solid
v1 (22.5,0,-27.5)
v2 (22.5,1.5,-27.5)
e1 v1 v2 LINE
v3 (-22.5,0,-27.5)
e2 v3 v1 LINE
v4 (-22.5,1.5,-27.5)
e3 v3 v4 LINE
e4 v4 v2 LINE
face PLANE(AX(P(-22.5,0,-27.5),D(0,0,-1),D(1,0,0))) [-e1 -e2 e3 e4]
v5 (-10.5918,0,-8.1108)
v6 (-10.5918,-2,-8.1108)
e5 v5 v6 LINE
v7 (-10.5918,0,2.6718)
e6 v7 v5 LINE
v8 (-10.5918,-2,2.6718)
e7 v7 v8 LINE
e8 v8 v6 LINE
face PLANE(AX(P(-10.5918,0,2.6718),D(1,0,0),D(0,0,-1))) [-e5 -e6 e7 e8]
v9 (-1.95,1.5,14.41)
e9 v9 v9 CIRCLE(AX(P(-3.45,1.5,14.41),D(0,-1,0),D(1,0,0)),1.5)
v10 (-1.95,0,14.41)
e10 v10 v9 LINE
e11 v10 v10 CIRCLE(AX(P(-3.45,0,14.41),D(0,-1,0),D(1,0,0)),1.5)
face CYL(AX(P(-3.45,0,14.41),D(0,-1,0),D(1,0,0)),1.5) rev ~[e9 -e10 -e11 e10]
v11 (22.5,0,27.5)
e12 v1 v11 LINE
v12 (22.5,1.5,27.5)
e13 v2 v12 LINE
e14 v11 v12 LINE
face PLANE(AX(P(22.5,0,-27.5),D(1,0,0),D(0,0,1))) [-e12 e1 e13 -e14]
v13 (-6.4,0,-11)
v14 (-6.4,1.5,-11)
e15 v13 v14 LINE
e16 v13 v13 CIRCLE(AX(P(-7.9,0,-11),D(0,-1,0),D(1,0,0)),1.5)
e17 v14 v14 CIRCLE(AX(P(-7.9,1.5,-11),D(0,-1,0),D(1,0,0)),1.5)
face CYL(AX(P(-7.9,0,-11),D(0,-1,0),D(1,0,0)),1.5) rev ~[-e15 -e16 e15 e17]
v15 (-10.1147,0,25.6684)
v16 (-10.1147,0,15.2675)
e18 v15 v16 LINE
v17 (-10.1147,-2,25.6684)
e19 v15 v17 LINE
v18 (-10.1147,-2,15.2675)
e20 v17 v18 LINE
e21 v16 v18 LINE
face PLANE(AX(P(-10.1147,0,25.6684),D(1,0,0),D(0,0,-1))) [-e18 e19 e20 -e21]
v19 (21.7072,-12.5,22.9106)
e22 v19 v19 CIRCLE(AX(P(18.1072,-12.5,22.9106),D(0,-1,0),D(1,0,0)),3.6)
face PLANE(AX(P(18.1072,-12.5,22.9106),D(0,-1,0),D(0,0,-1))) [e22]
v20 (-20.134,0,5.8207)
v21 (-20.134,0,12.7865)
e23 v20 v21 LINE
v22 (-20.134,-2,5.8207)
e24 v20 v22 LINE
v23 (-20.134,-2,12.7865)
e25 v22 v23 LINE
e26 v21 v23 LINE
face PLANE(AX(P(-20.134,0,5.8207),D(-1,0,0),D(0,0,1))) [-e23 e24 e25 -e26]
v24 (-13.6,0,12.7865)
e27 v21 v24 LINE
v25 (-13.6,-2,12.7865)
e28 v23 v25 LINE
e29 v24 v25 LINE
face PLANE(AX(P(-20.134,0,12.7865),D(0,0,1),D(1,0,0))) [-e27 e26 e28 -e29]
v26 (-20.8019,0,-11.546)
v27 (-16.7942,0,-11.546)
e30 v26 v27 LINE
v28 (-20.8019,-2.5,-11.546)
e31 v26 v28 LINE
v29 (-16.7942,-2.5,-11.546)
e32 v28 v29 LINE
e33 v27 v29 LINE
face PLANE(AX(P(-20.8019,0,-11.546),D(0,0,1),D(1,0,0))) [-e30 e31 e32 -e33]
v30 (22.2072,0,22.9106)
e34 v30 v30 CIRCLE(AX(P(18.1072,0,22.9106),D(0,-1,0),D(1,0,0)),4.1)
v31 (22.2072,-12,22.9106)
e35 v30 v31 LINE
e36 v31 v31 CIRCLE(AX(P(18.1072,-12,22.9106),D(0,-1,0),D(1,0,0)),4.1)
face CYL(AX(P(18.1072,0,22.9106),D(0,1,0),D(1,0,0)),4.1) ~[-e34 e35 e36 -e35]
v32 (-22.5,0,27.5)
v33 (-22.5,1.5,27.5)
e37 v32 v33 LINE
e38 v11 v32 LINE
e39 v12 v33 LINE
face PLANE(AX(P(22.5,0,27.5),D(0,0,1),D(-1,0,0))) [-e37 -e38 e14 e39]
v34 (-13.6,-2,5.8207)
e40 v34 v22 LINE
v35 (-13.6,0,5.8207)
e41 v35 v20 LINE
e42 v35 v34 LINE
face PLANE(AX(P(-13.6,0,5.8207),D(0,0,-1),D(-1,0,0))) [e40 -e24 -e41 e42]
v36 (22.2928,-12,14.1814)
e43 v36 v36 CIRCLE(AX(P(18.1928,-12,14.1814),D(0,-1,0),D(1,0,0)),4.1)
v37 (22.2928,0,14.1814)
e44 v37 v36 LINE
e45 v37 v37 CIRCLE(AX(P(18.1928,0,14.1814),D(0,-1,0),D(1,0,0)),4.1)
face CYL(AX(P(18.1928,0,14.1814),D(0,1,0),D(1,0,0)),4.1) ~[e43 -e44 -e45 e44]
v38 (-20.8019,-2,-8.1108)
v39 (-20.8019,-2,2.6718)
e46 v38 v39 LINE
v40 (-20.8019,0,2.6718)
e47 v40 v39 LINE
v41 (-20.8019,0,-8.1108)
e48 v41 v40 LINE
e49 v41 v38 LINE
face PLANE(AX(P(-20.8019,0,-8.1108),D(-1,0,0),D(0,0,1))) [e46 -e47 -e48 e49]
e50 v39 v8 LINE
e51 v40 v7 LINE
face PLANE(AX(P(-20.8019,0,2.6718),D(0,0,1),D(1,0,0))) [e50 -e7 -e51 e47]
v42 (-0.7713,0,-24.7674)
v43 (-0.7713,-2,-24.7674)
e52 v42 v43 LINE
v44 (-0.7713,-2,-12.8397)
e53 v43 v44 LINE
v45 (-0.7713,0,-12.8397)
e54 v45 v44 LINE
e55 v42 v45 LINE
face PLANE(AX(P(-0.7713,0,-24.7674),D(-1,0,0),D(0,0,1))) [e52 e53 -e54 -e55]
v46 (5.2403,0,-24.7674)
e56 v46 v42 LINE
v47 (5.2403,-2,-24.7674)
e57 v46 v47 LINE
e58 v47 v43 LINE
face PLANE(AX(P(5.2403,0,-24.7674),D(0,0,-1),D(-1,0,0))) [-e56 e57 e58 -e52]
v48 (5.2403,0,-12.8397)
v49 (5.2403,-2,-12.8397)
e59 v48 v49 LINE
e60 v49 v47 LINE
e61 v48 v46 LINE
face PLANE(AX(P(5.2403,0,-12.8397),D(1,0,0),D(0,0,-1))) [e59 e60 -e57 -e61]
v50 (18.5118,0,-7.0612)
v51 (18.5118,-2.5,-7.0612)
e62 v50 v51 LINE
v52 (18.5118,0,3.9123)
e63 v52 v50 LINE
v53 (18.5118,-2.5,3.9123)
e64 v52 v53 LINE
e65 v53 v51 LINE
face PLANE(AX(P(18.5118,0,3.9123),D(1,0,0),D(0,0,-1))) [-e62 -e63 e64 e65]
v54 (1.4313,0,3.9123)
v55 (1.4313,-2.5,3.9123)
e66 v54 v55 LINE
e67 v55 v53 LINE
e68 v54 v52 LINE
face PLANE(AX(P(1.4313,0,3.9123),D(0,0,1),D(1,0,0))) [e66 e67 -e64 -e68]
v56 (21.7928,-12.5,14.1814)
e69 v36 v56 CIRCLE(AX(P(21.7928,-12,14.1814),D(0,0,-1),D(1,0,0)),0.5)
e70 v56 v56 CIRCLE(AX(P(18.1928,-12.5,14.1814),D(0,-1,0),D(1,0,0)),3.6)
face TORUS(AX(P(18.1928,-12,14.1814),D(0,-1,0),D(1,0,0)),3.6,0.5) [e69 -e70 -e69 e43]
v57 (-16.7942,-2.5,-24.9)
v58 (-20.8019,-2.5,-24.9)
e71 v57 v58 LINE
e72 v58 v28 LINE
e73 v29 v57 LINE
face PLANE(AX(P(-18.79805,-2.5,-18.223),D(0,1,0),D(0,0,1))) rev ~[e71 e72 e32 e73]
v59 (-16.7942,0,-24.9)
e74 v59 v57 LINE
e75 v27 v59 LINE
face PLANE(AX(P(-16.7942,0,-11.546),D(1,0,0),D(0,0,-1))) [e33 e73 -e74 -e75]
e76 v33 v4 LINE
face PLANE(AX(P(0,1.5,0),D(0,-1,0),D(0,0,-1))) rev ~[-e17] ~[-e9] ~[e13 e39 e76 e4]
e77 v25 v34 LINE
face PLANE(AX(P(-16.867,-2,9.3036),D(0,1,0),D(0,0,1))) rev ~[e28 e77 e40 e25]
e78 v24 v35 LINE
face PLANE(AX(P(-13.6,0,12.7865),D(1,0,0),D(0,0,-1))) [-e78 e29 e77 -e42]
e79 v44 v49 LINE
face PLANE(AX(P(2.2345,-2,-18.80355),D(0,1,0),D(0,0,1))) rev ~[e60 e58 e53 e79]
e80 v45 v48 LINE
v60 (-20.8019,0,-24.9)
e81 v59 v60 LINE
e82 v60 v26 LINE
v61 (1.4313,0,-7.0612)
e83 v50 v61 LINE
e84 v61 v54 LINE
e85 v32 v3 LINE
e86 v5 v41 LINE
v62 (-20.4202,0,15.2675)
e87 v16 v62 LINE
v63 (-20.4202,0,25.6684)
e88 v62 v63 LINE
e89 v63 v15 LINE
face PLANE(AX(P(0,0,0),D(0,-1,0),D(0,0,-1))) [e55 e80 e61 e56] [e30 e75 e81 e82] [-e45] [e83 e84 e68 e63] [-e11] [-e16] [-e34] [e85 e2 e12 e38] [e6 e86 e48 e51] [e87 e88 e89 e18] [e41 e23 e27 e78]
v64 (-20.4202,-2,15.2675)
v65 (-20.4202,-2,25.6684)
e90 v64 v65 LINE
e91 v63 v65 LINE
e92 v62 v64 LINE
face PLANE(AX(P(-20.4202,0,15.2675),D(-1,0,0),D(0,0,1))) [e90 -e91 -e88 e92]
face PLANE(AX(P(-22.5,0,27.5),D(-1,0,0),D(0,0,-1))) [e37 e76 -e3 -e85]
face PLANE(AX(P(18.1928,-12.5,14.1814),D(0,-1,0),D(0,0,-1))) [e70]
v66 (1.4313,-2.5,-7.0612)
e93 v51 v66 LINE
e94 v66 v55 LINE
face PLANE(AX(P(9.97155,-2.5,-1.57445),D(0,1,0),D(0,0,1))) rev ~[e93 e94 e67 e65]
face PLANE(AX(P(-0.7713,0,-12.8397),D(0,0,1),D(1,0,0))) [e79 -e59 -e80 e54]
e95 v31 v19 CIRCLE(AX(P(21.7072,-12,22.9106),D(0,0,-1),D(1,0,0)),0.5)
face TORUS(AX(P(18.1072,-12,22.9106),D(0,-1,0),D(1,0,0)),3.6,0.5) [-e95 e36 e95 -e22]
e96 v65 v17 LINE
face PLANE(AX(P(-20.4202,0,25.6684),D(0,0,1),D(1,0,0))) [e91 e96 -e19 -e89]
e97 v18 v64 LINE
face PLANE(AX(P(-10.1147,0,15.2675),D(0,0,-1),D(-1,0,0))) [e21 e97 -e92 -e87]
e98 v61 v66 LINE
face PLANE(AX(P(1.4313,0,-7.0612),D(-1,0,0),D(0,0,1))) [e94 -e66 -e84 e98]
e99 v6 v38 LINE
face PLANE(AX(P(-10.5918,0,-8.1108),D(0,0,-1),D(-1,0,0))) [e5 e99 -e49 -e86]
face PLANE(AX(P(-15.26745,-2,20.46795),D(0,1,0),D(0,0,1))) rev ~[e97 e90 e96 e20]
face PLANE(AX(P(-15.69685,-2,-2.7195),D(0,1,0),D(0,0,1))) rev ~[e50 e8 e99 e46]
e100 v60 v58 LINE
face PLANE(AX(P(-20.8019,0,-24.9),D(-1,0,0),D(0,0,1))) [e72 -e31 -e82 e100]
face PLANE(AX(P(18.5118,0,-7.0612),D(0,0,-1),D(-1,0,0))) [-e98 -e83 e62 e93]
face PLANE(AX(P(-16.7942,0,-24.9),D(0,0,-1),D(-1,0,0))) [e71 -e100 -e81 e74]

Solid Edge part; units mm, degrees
sketch "Sketch1" plane through (0, 0, 0) normal (0, -1, 0) x (1, 0, 0)
  line L0 (22.5, -27.5) -> (22.5, 27.5)
  line L1 (22.5, 27.5) -> (-22.5, 27.5)
  line L2 (-22.5, 27.5) -> (-22.5, -27.5)
  line L3 (-22.5, -27.5) -> (22.5, -27.5)
extrude "Protrusion1" add sketch "Sketch1" against normal blind 1.5
sketch "Sketch2" plane through (0, 0, 0) normal (0, -1, 0) x (1, 0, 0)
  circle A0 centre (-3.45, 14.41) radius 1.5
  circle A1 centre (-7.9, -11) radius 1.5
extrude "ExtrudedCutout_1" cut sketch "Sketch2" against normal blind 1.7648
sketch "Sketch3" plane through (0, 0, 0) normal (0, -1, 0) x (1, 0, 0)
  line L0 (-10.1147, 15.2675) -> (-20.4202, 15.2675)
  line L1 (-20.4202, 15.2675) -> (-20.4202, 25.6684)
  line L2 (-20.4202, 25.6684) -> (-10.1147, 25.6684)
  line L3 (-10.1147, 25.6684) -> (-10.1147, 15.2675)
  line L4 (-13.6, 5.8207) -> (-20.134, 5.8207)
  line L5 (-20.134, 5.8207) -> (-20.134, 12.7865)
  line L6 (-20.134, 12.7865) -> (-13.6, 12.7865)
  line L7 (-13.6, 12.7865) -> (-13.6, 5.8207)
  line L8 (-20.8019, 2.6718) -> (-10.5918, 2.6718)
  line L9 (-10.5918, 2.6718) -> (-10.5918, -8.1108)
  line L10 (-10.5918, -8.1108) -> (-20.8019, -8.1108)
  line L11 (-20.8019, -8.1108) -> (-20.8019, 2.6718)
extrude "ExtrudedProtrusion_2" add sketch "Sketch3" along normal blind 2
sketch "Sketch4" plane through (0, 0, 0) normal (0, -1, 0) x (1, 0, 0)
  line L0 (-16.7942, -24.9) -> (-20.8019, -24.9)
  line L1 (-20.8019, -24.9) -> (-20.8019, -11.546)
  line L2 (-20.8019, -11.546) -> (-16.7942, -11.546)
  line L3 (-16.7942, -11.546) -> (-16.7942, -24.9)
extrude "ExtrudedProtrusion_3" add sketch "Sketch4" along normal blind 2.5
sketch "Sketch5" plane through (0, 0, 0) normal (0, -1, 0) x (1, 0, 0)
  line L0 (-0.7713, -24.7674) -> (-0.7713, -12.8397)
  line L1 (-0.7713, -12.8397) -> (5.2403, -12.8397)
  line L2 (5.2403, -12.8397) -> (5.2403, -24.7674)
  line L3 (5.2403, -24.7674) -> (-0.7713, -24.7674)
extrude "ExtrudedProtrusion_6" add sketch "Sketch5" along normal blind 2
sketch "Sketch6" plane through (0, 0, 0) normal (0, -1, 0) x (1, 0, 0)
  line L0 (18.5118, -7.0612) -> (1.4313, -7.0612)
  line L1 (1.4313, -7.0612) -> (1.4313, 3.9123)
  line L2 (1.4313, 3.9123) -> (18.5118, 3.9123)
  line L3 (18.5118, 3.9123) -> (18.5118, -7.0612)
extrude "ExtrudedProtrusion_7" add sketch "Sketch6" along normal blind 2.5
sketch "Sketch7" plane through (0, 0, 0) normal (0, -1, 0) x (1, 0, 0)
  circle A0 centre (18.1072, 22.9106) radius 4.1
extrude "ExtrudedProtrusion_8" add sketch "Sketch7" along normal blind 12.5
sketch "Sketch8" plane through (0, 0, 0) normal (0, -1, 0) x (1, 0, 0)
  circle A0 centre (18.1928, 14.1814) radius 4.1
extrude "ExtrudedProtrusion_9" add sketch "Sketch8" along normal blind 12.5
fillet "Round_1" radius 0.5 2 edges at (14.0928, -12.5, 14.1814) (14.0072, -12.5, 22.9106)
